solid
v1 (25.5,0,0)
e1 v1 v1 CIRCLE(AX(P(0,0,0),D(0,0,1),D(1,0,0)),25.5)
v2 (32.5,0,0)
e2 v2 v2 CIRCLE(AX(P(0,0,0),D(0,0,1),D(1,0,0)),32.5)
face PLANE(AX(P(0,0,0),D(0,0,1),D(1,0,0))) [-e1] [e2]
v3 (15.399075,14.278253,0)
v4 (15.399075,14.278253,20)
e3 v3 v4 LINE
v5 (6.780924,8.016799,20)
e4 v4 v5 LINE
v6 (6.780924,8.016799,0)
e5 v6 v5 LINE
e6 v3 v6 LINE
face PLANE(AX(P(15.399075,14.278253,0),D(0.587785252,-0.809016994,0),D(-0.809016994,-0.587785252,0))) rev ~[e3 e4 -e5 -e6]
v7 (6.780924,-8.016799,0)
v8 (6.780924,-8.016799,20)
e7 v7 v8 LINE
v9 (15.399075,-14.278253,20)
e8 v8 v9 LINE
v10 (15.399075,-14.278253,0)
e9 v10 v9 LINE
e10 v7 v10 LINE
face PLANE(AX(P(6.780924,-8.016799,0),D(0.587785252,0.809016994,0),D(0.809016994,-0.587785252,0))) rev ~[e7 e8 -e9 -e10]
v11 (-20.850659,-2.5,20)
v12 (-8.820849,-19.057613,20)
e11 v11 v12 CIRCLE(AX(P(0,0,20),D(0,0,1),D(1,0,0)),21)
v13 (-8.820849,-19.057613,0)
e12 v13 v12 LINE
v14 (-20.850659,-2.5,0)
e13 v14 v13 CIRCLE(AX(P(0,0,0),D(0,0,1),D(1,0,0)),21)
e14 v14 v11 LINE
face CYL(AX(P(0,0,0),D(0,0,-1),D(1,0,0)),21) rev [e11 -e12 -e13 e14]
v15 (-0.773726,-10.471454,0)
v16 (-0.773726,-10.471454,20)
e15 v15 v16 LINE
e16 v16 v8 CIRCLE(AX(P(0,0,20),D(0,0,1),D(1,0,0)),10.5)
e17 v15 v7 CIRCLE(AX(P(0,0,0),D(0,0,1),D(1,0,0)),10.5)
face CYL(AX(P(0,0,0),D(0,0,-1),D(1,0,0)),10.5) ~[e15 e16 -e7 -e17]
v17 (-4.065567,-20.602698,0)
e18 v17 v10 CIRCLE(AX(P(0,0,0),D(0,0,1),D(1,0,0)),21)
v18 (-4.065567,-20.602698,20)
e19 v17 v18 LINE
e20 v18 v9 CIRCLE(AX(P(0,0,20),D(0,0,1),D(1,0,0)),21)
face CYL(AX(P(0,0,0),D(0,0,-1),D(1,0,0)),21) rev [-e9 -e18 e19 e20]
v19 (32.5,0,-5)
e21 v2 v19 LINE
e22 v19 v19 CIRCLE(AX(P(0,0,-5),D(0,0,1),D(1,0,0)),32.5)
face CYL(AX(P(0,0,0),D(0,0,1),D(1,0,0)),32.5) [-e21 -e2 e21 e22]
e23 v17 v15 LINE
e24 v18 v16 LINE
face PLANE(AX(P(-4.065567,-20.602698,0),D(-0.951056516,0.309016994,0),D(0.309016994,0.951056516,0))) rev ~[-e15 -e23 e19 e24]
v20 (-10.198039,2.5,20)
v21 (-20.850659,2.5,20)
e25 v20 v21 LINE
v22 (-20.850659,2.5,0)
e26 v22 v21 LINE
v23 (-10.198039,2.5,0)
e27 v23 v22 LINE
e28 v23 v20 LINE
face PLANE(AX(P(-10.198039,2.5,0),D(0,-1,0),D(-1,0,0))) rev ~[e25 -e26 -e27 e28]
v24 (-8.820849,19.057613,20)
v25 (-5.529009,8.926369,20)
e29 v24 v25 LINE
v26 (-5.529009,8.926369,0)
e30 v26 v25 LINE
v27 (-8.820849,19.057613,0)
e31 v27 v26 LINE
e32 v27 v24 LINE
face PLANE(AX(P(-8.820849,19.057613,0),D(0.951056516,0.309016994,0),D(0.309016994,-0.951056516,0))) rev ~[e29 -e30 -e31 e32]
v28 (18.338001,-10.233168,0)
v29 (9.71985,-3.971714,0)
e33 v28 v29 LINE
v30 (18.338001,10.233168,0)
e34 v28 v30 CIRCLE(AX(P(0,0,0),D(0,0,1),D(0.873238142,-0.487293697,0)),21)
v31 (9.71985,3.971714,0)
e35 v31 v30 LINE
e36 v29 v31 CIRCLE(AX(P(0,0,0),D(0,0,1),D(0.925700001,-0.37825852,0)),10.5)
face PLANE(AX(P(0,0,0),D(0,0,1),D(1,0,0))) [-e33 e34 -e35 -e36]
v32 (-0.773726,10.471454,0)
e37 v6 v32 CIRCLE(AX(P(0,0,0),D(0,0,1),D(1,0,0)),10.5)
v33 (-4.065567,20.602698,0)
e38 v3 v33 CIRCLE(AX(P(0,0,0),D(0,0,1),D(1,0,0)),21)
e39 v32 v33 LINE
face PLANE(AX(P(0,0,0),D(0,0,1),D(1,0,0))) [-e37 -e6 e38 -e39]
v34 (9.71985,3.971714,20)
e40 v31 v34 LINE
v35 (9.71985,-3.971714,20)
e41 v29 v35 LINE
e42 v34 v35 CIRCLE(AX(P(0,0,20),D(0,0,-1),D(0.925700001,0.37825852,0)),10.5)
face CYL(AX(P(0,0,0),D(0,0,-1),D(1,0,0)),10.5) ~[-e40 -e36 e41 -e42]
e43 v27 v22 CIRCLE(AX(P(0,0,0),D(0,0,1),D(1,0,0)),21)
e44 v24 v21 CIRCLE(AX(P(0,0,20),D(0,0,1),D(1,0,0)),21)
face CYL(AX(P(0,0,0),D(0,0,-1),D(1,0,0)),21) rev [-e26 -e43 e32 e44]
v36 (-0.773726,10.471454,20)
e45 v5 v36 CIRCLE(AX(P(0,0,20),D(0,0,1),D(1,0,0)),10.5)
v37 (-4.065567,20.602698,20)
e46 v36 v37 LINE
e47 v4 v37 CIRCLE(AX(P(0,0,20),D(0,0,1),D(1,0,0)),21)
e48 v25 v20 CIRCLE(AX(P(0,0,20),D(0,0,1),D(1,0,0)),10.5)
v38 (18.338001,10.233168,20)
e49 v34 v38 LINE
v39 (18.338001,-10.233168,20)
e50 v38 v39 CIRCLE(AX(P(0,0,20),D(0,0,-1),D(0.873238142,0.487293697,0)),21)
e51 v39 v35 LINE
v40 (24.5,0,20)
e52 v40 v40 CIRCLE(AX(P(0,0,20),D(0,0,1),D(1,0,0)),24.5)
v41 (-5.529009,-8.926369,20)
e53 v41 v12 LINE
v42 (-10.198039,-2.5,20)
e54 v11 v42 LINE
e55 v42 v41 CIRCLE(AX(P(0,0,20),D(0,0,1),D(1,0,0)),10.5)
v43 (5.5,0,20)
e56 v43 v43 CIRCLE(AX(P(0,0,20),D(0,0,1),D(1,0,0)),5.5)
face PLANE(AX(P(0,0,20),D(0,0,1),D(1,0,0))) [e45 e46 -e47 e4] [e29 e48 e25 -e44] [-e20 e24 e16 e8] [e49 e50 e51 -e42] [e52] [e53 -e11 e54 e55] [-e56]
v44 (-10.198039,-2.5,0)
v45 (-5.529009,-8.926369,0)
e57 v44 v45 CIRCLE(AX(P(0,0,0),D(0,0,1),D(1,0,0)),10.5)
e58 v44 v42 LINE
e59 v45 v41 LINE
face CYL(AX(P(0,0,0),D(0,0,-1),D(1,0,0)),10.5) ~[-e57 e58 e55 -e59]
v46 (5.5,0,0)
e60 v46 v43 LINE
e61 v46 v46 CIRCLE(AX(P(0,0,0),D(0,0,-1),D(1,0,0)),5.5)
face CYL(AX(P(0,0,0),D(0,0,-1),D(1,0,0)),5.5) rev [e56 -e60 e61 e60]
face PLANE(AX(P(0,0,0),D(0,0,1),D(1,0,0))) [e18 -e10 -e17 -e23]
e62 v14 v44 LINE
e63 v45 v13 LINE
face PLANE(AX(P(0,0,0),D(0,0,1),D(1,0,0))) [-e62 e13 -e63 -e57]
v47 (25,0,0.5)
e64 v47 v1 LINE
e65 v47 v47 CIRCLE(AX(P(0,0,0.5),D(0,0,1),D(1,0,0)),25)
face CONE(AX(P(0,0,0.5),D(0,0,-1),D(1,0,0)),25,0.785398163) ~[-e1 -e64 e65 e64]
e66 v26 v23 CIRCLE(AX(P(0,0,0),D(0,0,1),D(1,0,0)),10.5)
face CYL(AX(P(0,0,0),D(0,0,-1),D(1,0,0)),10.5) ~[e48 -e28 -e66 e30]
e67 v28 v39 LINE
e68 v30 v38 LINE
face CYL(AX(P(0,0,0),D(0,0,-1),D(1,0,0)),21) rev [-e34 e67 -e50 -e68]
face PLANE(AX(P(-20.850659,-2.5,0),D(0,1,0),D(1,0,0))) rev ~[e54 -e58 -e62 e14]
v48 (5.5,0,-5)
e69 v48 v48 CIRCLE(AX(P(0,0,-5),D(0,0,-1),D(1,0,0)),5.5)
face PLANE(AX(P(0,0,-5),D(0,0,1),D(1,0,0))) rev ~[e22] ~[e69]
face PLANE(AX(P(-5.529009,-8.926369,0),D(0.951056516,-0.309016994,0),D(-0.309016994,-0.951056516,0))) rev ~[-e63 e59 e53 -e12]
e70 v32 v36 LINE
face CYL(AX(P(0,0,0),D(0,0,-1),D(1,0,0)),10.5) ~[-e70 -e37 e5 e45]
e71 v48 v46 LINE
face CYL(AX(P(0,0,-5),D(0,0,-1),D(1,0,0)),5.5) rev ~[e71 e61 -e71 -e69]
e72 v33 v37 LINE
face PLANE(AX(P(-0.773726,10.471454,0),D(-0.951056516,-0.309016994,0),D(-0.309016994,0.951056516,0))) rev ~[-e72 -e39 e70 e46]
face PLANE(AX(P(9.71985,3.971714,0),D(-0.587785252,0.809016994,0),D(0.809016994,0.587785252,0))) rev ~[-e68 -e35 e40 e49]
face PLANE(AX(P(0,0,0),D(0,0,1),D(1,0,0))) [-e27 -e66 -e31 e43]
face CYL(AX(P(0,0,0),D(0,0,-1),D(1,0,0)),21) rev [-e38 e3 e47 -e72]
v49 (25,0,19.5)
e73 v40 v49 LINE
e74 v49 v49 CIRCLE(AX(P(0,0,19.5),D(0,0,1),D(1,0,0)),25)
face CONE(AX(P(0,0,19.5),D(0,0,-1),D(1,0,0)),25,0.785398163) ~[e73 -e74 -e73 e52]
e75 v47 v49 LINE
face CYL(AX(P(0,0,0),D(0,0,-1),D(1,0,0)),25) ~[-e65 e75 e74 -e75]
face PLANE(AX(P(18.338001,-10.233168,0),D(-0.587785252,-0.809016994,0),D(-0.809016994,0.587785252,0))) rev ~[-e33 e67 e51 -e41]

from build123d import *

# Parameters (mm, degrees)
F0_R     = 25
F0_R_2   = 21
F1_DEPTH = 20
F2_R     = 32.5
F3_DEPTH = 5
F4_R     = 5.5
F5_DEPTH = 5
F6_R     = 10.5
F6_R_2   = 5.5
F7_DEPTH = 20
F9_DEPTH = 20
F10_SIZE = 0.5


with BuildPart() as f1:
    # F0 (on Top) → F1 (new body)
    with BuildSketch(Plane.XY):
        Circle(F0_R)
        Circle(F0_R_2, mode=Mode.SUBTRACT)
    extrude(amount=F1_DEPTH)

    # F2 (on Top) → F3 (join)
    with BuildSketch(Plane.XY):
        Circle(F2_R)
    extrude(amount=-F3_DEPTH)

    # F4 (on face) → F5 (cut, through all)
    with BuildSketch(Plane(origin=(0, 0, -5), x_dir=(1, 0, 0), z_dir=(0, 0, -1))):
        Circle(F4_R)
    extrude(amount=-F5_DEPTH, mode=Mode.SUBTRACT)

    # F6 (on face) → F7 (join)
    with BuildSketch(Plane.XY):
        Circle(F6_R)
        Circle(F6_R_2, mode=Mode.SUBTRACT)
    extrude(amount=F7_DEPTH)

    # F8 (on face) → F9 (join)
    with BuildSketch(Plane.XY):
        with BuildLine():
            Line((-5.5290086594, -8.9263689843), (-8.8208494084, -19.0576130644))
            ThreePointArc((-8.8208494084, -19.0576130644), (-6.4893568819, -19.9721868422), (-4.0655668269, -20.6026980363))
            Line((-4.0655668269, -20.6026980363), (-0.773726078, -10.4714539562))
            ThreePointArc((-0.773726078, -10.4714539562), (-3.2446784409, -9.9860934211), (-5.5290086594, -8.9263689843))
        make_face()
        with BuildLine():
            ThreePointArc((18.3380009794, 10.2331676464), (16.9893568819, 12.3434902981), (15.3990747179, 14.2782526183))
            Line((15.3990747179, 14.2782526183), (6.7809237516, 8.0167994284))
            ThreePointArc((6.7809237516, 8.0167994284), (8.4946784409, 6.1717451491), (9.719850013, 3.9717144565))
            Line((9.719850013, 3.9717144565), (18.3380009794, 10.2331676464))
        make_face()
        with BuildLine():
            Line((6.7809237516, -8.0167994284), (15.3990747179, -14.2782526183))
            ThreePointArc((15.3990747179, -14.2782526183), (16.9893568819, -12.3434902981), (18.3380009794, -10.2331676464))
            Line((18.3380009794, -10.2331676464), (9.719850013, -3.9717144565))
            ThreePointArc((9.719850013, -3.9717144565), (8.4946784409, -6.1717451491), (6.7809237516, -8.0167994284))
        make_face()
        with BuildLine():
            ThreePointArc((-4.0655668269, 20.6026980363), (-6.4893568819, 19.9721868422), (-8.8208494084, 19.0576130644))
            Line((-8.8208494084, 19.0576130644), (-5.5290086594, 8.9263689843))
            ThreePointArc((-5.5290086594, 8.9263689843), (-3.2446784409, 9.9860934211), (-0.773726078, 10.4714539562))
            Line((-0.773726078, 10.4714539562), (-4.0655668269, 20.6026980363))
        make_face()
        with BuildLine():
            Line((-10.1980390272, 2.5), (-20.850659462, 2.5))
            ThreePointArc((-20.850659462, 2.5), (-21, 0), (-20.850659462, -2.5))
            Line((-20.850659462, -2.5), (-10.1980390272, -2.5))
            ThreePointArc((-10.1980390272, -2.5), (-10.5, 0), (-10.1980390272, 2.5))
        make_face()
    extrude(amount=F9_DEPTH)

    # F10
    f10_edges = [f1.edges().sort_by_distance(p)[0] for p in [
        (25, 0, 10),
        (-25, 0, 0),
        (-25, 0, 20),
    ]]
    chamfer(f10_edges, length=F10_SIZE)


solid = f1.part
